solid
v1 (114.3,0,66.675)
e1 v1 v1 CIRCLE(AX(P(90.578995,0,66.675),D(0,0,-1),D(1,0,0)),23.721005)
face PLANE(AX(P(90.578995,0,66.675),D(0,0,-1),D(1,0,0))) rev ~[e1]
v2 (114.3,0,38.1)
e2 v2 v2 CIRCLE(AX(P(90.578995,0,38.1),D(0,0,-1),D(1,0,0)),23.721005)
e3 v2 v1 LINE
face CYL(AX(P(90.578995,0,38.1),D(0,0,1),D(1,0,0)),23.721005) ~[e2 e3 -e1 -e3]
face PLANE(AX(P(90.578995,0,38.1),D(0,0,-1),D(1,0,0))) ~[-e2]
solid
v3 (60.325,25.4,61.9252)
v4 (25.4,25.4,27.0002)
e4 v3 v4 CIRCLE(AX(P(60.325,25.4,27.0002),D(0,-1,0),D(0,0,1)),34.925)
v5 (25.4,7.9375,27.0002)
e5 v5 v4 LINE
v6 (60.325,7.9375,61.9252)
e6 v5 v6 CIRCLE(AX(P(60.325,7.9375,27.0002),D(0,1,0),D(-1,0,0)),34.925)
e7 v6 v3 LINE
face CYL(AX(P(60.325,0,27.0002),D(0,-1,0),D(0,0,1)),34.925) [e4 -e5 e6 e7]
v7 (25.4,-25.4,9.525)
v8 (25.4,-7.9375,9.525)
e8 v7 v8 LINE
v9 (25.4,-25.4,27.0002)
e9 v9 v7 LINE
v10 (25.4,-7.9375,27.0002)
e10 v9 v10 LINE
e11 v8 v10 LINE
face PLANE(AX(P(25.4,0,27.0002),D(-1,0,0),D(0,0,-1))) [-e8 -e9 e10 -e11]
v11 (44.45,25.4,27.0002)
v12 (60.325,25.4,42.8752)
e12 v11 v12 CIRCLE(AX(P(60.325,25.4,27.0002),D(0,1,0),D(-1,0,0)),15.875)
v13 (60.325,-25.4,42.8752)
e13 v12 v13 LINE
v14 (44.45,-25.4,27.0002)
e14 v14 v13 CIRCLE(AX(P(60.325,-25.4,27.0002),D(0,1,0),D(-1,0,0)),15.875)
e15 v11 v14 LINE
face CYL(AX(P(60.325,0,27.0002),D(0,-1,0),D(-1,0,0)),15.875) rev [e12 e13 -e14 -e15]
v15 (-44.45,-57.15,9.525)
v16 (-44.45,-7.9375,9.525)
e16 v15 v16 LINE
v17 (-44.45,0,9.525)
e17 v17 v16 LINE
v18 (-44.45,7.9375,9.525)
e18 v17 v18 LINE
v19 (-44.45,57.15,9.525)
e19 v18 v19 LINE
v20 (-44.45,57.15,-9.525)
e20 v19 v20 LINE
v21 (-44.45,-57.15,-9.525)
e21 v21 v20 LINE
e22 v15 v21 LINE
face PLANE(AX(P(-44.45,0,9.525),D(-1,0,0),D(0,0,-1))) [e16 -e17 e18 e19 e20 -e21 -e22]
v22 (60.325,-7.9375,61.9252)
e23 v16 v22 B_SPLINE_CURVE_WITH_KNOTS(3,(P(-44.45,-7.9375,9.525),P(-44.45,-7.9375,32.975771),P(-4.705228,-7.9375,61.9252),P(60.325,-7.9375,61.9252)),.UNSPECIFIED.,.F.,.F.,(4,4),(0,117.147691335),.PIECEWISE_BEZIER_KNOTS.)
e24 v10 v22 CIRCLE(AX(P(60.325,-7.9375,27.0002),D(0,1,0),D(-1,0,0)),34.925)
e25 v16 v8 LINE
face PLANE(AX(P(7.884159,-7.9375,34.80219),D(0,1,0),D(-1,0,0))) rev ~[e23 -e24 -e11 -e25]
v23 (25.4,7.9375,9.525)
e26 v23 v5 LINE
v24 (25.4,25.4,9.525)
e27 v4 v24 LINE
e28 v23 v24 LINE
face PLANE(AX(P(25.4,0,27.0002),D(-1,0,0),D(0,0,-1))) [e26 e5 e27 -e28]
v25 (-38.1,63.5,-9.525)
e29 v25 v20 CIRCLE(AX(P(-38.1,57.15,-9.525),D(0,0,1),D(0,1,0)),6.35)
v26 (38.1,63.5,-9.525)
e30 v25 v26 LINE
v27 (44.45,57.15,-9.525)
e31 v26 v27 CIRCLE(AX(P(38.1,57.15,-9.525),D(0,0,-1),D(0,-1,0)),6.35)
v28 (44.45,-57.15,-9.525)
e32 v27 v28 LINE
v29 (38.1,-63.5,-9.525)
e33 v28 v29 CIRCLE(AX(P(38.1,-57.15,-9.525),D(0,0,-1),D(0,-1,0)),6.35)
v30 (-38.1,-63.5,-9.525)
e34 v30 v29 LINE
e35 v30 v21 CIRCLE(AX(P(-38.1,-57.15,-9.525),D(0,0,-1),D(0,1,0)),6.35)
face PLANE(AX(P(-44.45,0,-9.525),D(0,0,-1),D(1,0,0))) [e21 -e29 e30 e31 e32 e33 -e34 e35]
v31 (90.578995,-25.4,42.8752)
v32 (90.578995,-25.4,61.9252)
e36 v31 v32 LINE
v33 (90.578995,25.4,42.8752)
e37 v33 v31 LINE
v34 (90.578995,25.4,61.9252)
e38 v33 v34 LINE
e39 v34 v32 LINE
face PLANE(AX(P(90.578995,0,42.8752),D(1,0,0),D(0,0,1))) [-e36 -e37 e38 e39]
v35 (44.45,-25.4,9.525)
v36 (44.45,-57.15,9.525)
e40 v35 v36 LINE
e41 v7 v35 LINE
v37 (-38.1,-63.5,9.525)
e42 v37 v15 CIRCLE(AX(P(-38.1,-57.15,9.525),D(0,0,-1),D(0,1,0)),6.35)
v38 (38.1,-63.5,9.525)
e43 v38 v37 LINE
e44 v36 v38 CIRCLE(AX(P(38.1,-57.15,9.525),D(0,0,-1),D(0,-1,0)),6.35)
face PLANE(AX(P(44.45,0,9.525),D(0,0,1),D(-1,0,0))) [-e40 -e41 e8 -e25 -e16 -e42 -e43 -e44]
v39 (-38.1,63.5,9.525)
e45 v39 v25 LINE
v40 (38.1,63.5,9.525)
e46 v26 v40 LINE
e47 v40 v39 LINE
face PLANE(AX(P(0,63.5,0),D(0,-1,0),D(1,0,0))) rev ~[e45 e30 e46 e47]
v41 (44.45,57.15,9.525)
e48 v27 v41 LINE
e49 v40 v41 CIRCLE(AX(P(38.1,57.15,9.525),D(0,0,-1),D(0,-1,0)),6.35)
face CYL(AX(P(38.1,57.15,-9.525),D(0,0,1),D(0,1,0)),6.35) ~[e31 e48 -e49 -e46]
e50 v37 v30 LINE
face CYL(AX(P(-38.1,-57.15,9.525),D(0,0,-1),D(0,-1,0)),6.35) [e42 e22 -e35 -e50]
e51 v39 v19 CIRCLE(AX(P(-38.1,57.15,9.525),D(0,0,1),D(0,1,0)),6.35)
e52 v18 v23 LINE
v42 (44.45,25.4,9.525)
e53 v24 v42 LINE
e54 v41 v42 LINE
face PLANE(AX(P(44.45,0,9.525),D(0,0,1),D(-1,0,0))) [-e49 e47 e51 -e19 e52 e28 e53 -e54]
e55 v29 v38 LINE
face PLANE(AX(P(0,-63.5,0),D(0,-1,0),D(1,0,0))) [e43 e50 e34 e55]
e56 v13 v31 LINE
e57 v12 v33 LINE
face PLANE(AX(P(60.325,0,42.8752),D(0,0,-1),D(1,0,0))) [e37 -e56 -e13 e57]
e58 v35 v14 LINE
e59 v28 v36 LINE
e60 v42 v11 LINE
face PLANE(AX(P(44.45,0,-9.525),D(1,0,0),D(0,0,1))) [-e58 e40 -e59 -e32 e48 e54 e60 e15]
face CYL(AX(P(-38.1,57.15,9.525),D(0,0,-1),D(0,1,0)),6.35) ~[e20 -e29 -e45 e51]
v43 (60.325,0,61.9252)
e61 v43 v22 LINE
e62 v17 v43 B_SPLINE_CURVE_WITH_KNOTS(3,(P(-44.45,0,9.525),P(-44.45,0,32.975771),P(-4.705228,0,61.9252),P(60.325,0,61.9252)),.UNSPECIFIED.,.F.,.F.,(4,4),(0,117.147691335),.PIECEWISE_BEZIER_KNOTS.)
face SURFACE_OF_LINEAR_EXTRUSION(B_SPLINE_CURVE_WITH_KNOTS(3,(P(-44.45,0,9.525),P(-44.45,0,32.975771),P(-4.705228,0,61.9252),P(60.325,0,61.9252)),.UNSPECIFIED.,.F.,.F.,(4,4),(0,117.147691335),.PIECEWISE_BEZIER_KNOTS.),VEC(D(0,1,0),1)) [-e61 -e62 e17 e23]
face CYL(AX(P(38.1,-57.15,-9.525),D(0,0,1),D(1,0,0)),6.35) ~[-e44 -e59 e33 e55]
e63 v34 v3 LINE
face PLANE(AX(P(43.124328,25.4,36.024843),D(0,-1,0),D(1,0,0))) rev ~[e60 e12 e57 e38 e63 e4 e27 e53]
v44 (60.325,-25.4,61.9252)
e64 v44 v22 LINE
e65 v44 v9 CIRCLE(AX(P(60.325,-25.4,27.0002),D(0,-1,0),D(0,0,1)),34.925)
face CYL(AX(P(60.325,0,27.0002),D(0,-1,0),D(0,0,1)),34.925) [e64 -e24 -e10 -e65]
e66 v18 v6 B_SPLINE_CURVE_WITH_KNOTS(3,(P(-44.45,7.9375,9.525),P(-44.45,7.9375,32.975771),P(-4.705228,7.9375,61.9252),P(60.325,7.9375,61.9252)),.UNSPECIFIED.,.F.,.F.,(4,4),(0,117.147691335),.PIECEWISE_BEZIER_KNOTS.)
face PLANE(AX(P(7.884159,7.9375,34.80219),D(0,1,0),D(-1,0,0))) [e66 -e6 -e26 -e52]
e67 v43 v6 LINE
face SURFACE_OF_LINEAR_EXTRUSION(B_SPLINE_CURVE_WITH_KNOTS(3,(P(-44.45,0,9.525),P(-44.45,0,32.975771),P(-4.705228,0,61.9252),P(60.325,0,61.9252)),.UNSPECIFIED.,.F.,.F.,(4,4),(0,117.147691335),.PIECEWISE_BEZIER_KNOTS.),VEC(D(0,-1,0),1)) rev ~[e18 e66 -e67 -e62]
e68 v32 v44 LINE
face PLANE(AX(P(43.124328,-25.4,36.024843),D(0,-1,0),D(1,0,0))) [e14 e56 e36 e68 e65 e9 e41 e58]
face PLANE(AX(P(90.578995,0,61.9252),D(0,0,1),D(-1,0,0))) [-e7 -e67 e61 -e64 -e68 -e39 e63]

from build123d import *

# Parameters (mm, degrees)
F1_DEPTH = 63.5
F0_W     = 27.0789953068
F0_H     = 19.05
F2_DEPTH = 25.4
F3_DEPTH = 7.9375
F5_R     = 6.35


with BuildPart() as f1:
    # F0 (on Front) → F1 (new body, symmetric)
    with BuildSketch(Plane.XZ):
        Polygon((-44.45, -9.525), (44.45, -9.525), (44.45, 9.525), (25.4, 9.525), (-44.45, 9.525), align=None)
    extrude(amount=F1_DEPTH, both=True)

    # F0 (on Front) → F2 (join, symmetric)
    with BuildSketch(Plane.XZ):
        with BuildLine():
            Line((25.4, 9.525), (44.45, 9.525))
            Line((44.45, 9.525), (44.45, 27.0002))
            ThreePointArc((44.45, 27.0002), (49.0996798487, 38.2255201513), (60.325, 42.8752))
            Line((60.325, 42.8752), (63.5, 42.8752))
            Line((63.5, 42.8752), (63.5, 61.9252))
            Line((63.5, 61.9252), (60.325, 61.9252))
            ThreePointArc((60.325, 61.9252), (35.6292956671, 51.6959043329), (25.4, 27.0002))
            Line((25.4, 27.0002), (25.4, 9.525))
        make_face()
        with Locations((77.0394976534, 52.4002)):
            Rectangle(F0_W, F0_H)
    extrude(amount=F2_DEPTH, both=True)

    # F0 (on Front) → F3 (join, symmetric)
    with BuildSketch(Plane.XZ):
        with BuildLine():
            add(Edge.make_bspline(
                [(-44.45, 9.525), (-44.45, 32.9757705331), (-4.7052279115, 61.9252), (60.325, 61.9252)],
                knots=[0, 0, 0, 0, 117.1476913347, 117.1476913347, 117.1476913347, 117.1476913347], degree=3))
            Line((-44.45, 9.525), (25.4, 9.525))
            Line((25.4, 9.525), (25.4, 27.0002))
            ThreePointArc((25.4, 27.0002), (35.6292956671, 51.6959043329), (60.325, 61.9252))
        make_face()
    extrude(amount=F3_DEPTH, both=True)

    # F5
    f5_edges = [f1.edges().sort_by_distance(p)[0] for p in [
        (44.45, -63.5, 0),
        (-44.45, -63.5, 0),
        (44.45, 63.5, 0),
        (-44.45, 63.5, 0),
    ]]
    fillet(f5_edges, radius=F5_R)


with BuildPart() as f4:
    # F0 (on Front) → F4 (revolve)
    with BuildSketch(Plane.XZ):
        Polygon((90.5789953068, 66.675), (90.5789953068, 61.9252), (90.5789953068, 42.8752), (90.5789953068, 38.1), (114.3, 38.1), (114.3, 66.675), align=None)
    revolve(axis=Axis((90.5789953068, 0, 52.3875), (0, 0, -1)))


solid = Compound([f1.part, f4.part])
